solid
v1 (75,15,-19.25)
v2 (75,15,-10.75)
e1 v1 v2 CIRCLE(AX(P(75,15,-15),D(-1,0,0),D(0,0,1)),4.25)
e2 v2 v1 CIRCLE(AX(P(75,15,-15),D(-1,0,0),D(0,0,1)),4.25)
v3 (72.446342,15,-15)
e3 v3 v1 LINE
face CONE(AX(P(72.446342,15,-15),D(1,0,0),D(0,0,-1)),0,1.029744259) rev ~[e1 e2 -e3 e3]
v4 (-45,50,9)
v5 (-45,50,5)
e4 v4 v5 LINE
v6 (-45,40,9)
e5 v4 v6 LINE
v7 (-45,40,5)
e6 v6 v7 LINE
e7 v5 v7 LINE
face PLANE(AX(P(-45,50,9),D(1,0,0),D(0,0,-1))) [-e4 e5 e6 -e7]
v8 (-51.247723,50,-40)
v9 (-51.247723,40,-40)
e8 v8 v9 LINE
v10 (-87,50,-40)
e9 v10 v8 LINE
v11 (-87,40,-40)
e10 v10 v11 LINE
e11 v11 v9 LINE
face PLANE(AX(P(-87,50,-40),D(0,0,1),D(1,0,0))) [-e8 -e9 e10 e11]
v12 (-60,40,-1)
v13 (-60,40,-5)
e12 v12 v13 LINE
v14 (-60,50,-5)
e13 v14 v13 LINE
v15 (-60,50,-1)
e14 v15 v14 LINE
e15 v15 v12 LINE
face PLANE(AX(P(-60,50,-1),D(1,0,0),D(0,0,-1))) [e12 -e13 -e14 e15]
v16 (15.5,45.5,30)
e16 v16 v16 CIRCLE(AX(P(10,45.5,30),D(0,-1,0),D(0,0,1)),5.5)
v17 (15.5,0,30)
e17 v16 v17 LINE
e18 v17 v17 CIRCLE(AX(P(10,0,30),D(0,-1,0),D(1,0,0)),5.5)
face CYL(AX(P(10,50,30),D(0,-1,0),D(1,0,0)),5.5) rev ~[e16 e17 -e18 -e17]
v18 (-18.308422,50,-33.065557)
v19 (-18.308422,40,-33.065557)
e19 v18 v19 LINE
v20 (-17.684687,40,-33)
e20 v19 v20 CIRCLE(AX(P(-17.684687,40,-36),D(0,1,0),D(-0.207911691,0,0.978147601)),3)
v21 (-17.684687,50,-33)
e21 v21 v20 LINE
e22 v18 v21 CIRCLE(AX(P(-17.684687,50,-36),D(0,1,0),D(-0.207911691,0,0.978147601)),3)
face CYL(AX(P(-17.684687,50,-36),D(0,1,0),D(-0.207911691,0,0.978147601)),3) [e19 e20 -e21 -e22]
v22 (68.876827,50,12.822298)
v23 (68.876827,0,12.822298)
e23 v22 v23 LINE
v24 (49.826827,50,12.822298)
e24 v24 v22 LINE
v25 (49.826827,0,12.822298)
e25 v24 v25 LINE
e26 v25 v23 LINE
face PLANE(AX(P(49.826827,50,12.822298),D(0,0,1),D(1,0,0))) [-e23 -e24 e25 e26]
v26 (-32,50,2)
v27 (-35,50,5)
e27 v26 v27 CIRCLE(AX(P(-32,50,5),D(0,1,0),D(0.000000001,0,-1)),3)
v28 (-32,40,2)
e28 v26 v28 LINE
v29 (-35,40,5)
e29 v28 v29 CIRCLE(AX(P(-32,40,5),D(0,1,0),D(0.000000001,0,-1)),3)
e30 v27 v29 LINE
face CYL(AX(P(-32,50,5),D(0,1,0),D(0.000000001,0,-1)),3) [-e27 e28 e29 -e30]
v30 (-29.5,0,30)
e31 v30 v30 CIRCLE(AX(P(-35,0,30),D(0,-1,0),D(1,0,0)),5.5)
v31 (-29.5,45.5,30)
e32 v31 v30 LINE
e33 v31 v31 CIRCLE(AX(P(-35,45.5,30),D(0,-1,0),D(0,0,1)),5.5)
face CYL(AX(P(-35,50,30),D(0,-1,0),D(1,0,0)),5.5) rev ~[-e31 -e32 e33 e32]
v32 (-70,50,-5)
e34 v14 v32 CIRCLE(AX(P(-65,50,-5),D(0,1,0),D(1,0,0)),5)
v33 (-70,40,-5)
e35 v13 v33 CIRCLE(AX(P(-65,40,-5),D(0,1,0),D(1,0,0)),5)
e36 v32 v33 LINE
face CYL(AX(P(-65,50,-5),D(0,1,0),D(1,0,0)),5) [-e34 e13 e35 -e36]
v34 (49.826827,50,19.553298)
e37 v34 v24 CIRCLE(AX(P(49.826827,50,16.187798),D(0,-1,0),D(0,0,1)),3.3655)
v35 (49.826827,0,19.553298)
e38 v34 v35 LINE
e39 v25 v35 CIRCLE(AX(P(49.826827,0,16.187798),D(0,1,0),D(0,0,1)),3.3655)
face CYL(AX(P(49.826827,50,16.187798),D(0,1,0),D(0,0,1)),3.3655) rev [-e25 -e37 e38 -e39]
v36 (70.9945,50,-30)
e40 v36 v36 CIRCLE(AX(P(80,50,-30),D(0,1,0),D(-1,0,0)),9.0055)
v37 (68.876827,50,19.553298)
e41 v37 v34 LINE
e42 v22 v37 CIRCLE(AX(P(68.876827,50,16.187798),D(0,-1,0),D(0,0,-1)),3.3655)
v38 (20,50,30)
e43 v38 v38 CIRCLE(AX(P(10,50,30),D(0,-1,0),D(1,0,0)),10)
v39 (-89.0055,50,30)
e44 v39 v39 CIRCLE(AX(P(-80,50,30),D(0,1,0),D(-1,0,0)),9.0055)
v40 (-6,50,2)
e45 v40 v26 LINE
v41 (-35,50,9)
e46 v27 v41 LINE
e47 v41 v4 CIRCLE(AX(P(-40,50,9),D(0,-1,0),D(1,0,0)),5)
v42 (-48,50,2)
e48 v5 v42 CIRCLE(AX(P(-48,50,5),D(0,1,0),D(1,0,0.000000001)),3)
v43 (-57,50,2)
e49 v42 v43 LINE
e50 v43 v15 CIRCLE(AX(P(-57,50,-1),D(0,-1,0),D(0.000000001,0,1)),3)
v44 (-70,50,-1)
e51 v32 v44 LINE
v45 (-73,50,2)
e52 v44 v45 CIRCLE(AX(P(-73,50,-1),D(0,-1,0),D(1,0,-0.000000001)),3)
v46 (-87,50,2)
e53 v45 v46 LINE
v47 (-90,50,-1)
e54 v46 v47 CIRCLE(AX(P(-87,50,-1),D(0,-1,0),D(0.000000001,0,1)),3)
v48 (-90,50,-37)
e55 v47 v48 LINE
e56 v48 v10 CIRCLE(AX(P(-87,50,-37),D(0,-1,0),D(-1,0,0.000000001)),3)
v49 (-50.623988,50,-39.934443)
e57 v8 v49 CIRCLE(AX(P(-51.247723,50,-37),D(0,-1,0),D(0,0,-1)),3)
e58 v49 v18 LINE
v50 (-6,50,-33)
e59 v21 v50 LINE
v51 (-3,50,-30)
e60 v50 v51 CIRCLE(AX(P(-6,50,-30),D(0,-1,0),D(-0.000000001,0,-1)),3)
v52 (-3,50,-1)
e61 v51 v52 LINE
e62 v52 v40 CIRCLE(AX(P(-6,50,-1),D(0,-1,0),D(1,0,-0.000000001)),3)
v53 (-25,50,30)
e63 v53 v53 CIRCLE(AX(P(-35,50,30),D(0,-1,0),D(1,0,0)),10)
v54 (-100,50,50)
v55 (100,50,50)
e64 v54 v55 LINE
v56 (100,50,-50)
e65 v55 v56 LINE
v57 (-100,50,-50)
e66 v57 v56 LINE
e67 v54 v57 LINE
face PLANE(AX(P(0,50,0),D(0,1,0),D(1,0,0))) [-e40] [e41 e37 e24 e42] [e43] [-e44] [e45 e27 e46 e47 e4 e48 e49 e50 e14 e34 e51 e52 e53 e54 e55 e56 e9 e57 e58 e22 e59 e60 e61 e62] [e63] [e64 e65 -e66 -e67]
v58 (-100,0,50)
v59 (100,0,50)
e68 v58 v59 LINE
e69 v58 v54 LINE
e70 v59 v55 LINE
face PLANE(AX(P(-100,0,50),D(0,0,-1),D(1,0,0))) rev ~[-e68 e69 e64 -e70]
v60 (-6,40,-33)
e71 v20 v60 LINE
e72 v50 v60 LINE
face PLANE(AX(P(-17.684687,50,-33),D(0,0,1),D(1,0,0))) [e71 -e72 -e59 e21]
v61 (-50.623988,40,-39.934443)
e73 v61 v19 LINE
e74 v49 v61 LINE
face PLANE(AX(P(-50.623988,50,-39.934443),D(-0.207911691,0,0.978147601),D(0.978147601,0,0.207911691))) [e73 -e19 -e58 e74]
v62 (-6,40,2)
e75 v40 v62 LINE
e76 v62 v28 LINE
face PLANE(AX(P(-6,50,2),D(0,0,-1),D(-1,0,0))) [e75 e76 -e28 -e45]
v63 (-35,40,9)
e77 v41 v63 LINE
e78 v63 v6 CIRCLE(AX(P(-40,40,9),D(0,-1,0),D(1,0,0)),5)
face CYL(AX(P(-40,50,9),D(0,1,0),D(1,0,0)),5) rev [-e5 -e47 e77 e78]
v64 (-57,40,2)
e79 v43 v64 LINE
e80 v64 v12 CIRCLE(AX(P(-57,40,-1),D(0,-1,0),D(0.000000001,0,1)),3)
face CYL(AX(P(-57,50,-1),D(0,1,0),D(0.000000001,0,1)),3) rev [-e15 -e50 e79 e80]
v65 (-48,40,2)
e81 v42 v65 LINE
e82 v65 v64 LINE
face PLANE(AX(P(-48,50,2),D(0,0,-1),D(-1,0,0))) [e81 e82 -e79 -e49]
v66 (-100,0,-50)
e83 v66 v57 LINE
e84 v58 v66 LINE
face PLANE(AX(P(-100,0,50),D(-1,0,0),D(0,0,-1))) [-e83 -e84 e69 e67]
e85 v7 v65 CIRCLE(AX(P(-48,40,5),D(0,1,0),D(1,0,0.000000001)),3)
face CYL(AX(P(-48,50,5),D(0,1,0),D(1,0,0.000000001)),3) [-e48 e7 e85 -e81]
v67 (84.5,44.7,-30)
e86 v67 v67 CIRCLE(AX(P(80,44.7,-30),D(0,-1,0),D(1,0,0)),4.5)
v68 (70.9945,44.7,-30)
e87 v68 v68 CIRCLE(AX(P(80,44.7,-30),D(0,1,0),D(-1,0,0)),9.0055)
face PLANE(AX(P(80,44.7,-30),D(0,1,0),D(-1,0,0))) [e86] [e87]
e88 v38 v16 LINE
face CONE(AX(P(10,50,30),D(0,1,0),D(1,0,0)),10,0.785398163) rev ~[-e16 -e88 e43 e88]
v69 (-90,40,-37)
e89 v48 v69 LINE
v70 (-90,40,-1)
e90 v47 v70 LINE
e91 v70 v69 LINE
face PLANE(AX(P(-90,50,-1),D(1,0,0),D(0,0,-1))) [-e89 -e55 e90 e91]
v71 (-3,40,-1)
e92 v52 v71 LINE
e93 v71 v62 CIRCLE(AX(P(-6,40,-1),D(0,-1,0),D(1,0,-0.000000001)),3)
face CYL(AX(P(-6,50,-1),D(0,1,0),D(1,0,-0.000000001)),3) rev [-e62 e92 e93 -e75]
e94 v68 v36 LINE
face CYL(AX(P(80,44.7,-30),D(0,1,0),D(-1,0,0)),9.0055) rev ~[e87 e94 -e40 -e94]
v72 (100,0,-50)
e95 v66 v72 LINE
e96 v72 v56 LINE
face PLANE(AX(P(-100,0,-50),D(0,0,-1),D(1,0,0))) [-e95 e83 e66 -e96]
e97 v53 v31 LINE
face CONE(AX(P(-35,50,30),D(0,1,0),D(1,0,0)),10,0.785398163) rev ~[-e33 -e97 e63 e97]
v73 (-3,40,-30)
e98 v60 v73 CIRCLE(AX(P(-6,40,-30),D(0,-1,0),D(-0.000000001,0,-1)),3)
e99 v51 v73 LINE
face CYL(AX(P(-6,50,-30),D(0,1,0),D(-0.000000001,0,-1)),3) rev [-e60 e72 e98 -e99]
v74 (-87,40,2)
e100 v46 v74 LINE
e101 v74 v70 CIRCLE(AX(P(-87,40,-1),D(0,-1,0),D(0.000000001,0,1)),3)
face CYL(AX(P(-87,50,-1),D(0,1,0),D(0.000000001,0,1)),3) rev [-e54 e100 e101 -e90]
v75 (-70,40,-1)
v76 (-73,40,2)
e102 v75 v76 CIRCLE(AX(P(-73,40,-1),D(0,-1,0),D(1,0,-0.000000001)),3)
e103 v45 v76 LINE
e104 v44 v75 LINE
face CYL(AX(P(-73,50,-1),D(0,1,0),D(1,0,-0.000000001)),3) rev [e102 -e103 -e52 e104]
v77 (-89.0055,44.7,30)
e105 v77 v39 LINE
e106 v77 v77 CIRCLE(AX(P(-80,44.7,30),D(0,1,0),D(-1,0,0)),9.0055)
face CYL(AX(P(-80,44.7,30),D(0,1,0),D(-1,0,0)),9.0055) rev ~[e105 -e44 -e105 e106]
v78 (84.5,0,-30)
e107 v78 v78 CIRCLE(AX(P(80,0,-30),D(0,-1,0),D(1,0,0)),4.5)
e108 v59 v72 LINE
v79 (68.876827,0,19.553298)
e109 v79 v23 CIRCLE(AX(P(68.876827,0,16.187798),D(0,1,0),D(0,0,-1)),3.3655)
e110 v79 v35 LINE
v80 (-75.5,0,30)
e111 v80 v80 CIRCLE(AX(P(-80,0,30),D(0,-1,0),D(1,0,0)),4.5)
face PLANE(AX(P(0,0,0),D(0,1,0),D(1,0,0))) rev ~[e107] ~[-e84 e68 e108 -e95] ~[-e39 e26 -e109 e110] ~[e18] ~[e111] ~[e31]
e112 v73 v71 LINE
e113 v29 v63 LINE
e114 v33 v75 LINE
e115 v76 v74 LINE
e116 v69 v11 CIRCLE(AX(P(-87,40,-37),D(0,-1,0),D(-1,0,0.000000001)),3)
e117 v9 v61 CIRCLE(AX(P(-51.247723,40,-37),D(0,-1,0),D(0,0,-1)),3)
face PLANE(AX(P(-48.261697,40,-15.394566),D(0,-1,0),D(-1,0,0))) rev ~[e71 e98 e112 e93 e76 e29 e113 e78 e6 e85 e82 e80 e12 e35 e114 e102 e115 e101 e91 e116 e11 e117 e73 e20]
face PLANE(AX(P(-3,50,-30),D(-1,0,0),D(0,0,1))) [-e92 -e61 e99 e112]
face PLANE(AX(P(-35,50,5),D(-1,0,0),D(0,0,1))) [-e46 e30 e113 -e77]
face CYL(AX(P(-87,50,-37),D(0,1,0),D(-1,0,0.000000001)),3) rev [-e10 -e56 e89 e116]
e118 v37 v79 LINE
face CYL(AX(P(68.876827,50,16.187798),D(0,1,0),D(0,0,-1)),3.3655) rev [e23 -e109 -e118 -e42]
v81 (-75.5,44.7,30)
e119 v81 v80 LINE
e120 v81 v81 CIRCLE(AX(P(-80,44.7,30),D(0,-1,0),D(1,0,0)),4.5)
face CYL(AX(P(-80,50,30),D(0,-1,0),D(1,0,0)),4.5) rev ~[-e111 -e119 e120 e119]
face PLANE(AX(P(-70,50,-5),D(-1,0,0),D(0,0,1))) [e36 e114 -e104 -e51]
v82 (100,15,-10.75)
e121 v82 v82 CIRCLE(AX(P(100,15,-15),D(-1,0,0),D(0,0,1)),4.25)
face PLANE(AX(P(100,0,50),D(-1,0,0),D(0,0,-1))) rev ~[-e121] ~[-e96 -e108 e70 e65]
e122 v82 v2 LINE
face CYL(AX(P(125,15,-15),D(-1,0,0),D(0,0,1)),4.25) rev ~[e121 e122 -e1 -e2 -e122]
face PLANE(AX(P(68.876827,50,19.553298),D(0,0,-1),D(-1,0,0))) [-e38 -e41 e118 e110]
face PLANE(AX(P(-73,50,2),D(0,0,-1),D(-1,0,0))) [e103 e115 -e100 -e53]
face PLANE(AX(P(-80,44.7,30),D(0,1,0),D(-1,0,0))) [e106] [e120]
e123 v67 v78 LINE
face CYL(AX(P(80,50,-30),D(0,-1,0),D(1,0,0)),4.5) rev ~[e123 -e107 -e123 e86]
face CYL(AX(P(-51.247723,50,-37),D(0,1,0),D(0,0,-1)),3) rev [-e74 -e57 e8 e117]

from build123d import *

# Parameters (mm, degrees)
SKETCH1_W                                            = 200
SKETCH1_H                                            = 100
BLOCK_STOCK_DEPTH                                    = 50
M10_TAPPED_HOLE1_D                                   = 8.5
M10_TAPPED_HOLE1_DEPTH                               = 25
M10_TAPPED_HOLE1_TIP                                 = 2.553657631
CBORE_FOR_M8_HEX_HEAD_BOLT1_D                        = 9
CBORE_FOR_M8_HEX_HEAD_BOLT1_CBORE_D                  = 18.011
CBORE_FOR_M8_HEX_HEAD_BOLT1_CBORE_DEPTH              = 5.3
POCKET_1_DEPTH                                       = 10
CSK_FOR_M10_CROSS_RECESS_FLAT_HEAD_SCREW_D           = 11
CSK_FOR_M10_CROSS_RECESS_FLAT_HEAD_SCREW_CSINK_D     = 20
CSK_FOR_M10_CROSS_RECESS_FLAT_HEAD_SCREW_CSINK_ANGLE = 90
SLOT_DEPTH                                           = 398.580729973


with BuildPart() as part:
    # Sketch1 → Block Stock (new body)
    with BuildSketch(Plane(origin=(0, 0, 0), x_dir=(1, 0, 0), z_dir=(0, 1, 0))):
        Rectangle(SKETCH1_W, SKETCH1_H)
    extrude(amount=BLOCK_STOCK_DEPTH)

    # M10 Tapped Hole1
    with Locations(Plane(origin=(100, 0, 0), x_dir=(0, 0, -1), z_dir=(1, 0, 0))):
        with Locations((15, 15)):
            Hole(M10_TAPPED_HOLE1_D / 2, depth=M10_TAPPED_HOLE1_DEPTH)
            with Locations((0, 0, -(M10_TAPPED_HOLE1_DEPTH + M10_TAPPED_HOLE1_TIP / 2))):  # 118° drill point
                Cone(0, M10_TAPPED_HOLE1_D / 2, M10_TAPPED_HOLE1_TIP, mode=Mode.SUBTRACT)

    # CBORE for M8 Hex Head Bolt1 (through all)
    with Locations(Plane(origin=(0, 50, 0), x_dir=(-1, 0, 0), z_dir=(0, 1, 0))):
        with Locations((80, 30), (-80, -30)):
            CounterBoreHole(CBORE_FOR_M8_HEX_HEAD_BOLT1_D / 2, CBORE_FOR_M8_HEX_HEAD_BOLT1_CBORE_D / 2, CBORE_FOR_M8_HEX_HEAD_BOLT1_CBORE_DEPTH)

    # Sketch2 → Pocket 1 (cut)
    with BuildSketch(Plane(origin=(0, 50, 0), x_dir=(1, 0, 0), z_dir=(0, 1, 0))):
        with BuildLine():
            Line((-87, 40), (-51.247723472, 40))
            ThreePointArc((-51.247723472, 40), (-50.934138082, 39.983565686), (-50.6239884, 39.934442802))
            Line((-50.6239884, 39.934442802), (-18.308422367, 33.065557198))
            ThreePointArc((-18.308422367, 33.065557198), (-17.998272684, 33.016434314), (-17.684687294, 33))
            Line((-17.684687294, 33), (-6, 33))
            ThreePointArc((-6, 33), (-3.878679656, 32.121320344), (-3, 30))
            Line((-3, 30), (-3, 1))
            ThreePointArc((-3, 1), (-3.878679656, -1.121320344), (-6, -2))
            Line((-6, -2), (-32, -2))
            ThreePointArc((-32, -2), (-34.121320344, -2.878679656), (-35, -5))
            Line((-35, -5), (-35, -9))
            ThreePointArc((-35, -9), (-40, -14), (-45, -9))
            Line((-45, -9), (-45, -5))
            ThreePointArc((-45, -5), (-45.878679656, -2.878679656), (-48, -2))
            Line((-48, -2), (-57, -2))
            ThreePointArc((-57, -2), (-59.121320344, -1.121320344), (-60, 1))
            Line((-60, 1), (-60, 5))
            ThreePointArc((-60, 5), (-65, 10), (-70, 5))
            Line((-70, 5), (-70, 1))
            ThreePointArc((-70, 1), (-70.878679656, -1.121320344), (-73, -2))
            Line((-73, -2), (-87, -2))
            ThreePointArc((-87, -2), (-89.121320344, -1.121320344), (-90, 1))
            Line((-90, 1), (-90, 37))
            ThreePointArc((-90, 37), (-89.121320344, 39.121320344), (-87, 40))
        make_face()
    extrude(amount=-POCKET_1_DEPTH, mode=Mode.SUBTRACT)

    # CSK for M10 Cross Recess Flat Head Screw1 (through all)
    with Locations(Plane(origin=(0, 50, 0), x_dir=(-1, 0, 0), z_dir=(0, 1, 0))):
        with Locations((-10, 30), (35, 30)):
            CounterSinkHole(CSK_FOR_M10_CROSS_RECESS_FLAT_HEAD_SCREW_D / 2, CSK_FOR_M10_CROSS_RECESS_FLAT_HEAD_SCREW_CSINK_D / 2, counter_sink_angle=CSK_FOR_M10_CROSS_RECESS_FLAT_HEAD_SCREW_CSINK_ANGLE)

    # SlotSke → Slot (cut, through all)
    with BuildSketch(Plane(origin=(218.703654527, 50, 182.375595614), x_dir=(1, 0, 0), z_dir=(0, 1, 0))):
        with BuildLine():
            Line((-149.826827264, 162.822297807), (-168.876827264, 162.822297807))
            ThreePointArc((-168.876827264, 162.822297807), (-172.242327264, 166.187797807), (-168.876827264, 169.553297807))
            Line((-168.876827264, 169.553297807), (-149.826827264, 169.553297807))
            ThreePointArc((-149.826827264, 169.553297807), (-146.461327264, 166.187797807), (-149.826827264, 162.822297807))
        make_face()
    extrude(amount=-SLOT_DEPTH, mode=Mode.SUBTRACT)


solid = part.part
